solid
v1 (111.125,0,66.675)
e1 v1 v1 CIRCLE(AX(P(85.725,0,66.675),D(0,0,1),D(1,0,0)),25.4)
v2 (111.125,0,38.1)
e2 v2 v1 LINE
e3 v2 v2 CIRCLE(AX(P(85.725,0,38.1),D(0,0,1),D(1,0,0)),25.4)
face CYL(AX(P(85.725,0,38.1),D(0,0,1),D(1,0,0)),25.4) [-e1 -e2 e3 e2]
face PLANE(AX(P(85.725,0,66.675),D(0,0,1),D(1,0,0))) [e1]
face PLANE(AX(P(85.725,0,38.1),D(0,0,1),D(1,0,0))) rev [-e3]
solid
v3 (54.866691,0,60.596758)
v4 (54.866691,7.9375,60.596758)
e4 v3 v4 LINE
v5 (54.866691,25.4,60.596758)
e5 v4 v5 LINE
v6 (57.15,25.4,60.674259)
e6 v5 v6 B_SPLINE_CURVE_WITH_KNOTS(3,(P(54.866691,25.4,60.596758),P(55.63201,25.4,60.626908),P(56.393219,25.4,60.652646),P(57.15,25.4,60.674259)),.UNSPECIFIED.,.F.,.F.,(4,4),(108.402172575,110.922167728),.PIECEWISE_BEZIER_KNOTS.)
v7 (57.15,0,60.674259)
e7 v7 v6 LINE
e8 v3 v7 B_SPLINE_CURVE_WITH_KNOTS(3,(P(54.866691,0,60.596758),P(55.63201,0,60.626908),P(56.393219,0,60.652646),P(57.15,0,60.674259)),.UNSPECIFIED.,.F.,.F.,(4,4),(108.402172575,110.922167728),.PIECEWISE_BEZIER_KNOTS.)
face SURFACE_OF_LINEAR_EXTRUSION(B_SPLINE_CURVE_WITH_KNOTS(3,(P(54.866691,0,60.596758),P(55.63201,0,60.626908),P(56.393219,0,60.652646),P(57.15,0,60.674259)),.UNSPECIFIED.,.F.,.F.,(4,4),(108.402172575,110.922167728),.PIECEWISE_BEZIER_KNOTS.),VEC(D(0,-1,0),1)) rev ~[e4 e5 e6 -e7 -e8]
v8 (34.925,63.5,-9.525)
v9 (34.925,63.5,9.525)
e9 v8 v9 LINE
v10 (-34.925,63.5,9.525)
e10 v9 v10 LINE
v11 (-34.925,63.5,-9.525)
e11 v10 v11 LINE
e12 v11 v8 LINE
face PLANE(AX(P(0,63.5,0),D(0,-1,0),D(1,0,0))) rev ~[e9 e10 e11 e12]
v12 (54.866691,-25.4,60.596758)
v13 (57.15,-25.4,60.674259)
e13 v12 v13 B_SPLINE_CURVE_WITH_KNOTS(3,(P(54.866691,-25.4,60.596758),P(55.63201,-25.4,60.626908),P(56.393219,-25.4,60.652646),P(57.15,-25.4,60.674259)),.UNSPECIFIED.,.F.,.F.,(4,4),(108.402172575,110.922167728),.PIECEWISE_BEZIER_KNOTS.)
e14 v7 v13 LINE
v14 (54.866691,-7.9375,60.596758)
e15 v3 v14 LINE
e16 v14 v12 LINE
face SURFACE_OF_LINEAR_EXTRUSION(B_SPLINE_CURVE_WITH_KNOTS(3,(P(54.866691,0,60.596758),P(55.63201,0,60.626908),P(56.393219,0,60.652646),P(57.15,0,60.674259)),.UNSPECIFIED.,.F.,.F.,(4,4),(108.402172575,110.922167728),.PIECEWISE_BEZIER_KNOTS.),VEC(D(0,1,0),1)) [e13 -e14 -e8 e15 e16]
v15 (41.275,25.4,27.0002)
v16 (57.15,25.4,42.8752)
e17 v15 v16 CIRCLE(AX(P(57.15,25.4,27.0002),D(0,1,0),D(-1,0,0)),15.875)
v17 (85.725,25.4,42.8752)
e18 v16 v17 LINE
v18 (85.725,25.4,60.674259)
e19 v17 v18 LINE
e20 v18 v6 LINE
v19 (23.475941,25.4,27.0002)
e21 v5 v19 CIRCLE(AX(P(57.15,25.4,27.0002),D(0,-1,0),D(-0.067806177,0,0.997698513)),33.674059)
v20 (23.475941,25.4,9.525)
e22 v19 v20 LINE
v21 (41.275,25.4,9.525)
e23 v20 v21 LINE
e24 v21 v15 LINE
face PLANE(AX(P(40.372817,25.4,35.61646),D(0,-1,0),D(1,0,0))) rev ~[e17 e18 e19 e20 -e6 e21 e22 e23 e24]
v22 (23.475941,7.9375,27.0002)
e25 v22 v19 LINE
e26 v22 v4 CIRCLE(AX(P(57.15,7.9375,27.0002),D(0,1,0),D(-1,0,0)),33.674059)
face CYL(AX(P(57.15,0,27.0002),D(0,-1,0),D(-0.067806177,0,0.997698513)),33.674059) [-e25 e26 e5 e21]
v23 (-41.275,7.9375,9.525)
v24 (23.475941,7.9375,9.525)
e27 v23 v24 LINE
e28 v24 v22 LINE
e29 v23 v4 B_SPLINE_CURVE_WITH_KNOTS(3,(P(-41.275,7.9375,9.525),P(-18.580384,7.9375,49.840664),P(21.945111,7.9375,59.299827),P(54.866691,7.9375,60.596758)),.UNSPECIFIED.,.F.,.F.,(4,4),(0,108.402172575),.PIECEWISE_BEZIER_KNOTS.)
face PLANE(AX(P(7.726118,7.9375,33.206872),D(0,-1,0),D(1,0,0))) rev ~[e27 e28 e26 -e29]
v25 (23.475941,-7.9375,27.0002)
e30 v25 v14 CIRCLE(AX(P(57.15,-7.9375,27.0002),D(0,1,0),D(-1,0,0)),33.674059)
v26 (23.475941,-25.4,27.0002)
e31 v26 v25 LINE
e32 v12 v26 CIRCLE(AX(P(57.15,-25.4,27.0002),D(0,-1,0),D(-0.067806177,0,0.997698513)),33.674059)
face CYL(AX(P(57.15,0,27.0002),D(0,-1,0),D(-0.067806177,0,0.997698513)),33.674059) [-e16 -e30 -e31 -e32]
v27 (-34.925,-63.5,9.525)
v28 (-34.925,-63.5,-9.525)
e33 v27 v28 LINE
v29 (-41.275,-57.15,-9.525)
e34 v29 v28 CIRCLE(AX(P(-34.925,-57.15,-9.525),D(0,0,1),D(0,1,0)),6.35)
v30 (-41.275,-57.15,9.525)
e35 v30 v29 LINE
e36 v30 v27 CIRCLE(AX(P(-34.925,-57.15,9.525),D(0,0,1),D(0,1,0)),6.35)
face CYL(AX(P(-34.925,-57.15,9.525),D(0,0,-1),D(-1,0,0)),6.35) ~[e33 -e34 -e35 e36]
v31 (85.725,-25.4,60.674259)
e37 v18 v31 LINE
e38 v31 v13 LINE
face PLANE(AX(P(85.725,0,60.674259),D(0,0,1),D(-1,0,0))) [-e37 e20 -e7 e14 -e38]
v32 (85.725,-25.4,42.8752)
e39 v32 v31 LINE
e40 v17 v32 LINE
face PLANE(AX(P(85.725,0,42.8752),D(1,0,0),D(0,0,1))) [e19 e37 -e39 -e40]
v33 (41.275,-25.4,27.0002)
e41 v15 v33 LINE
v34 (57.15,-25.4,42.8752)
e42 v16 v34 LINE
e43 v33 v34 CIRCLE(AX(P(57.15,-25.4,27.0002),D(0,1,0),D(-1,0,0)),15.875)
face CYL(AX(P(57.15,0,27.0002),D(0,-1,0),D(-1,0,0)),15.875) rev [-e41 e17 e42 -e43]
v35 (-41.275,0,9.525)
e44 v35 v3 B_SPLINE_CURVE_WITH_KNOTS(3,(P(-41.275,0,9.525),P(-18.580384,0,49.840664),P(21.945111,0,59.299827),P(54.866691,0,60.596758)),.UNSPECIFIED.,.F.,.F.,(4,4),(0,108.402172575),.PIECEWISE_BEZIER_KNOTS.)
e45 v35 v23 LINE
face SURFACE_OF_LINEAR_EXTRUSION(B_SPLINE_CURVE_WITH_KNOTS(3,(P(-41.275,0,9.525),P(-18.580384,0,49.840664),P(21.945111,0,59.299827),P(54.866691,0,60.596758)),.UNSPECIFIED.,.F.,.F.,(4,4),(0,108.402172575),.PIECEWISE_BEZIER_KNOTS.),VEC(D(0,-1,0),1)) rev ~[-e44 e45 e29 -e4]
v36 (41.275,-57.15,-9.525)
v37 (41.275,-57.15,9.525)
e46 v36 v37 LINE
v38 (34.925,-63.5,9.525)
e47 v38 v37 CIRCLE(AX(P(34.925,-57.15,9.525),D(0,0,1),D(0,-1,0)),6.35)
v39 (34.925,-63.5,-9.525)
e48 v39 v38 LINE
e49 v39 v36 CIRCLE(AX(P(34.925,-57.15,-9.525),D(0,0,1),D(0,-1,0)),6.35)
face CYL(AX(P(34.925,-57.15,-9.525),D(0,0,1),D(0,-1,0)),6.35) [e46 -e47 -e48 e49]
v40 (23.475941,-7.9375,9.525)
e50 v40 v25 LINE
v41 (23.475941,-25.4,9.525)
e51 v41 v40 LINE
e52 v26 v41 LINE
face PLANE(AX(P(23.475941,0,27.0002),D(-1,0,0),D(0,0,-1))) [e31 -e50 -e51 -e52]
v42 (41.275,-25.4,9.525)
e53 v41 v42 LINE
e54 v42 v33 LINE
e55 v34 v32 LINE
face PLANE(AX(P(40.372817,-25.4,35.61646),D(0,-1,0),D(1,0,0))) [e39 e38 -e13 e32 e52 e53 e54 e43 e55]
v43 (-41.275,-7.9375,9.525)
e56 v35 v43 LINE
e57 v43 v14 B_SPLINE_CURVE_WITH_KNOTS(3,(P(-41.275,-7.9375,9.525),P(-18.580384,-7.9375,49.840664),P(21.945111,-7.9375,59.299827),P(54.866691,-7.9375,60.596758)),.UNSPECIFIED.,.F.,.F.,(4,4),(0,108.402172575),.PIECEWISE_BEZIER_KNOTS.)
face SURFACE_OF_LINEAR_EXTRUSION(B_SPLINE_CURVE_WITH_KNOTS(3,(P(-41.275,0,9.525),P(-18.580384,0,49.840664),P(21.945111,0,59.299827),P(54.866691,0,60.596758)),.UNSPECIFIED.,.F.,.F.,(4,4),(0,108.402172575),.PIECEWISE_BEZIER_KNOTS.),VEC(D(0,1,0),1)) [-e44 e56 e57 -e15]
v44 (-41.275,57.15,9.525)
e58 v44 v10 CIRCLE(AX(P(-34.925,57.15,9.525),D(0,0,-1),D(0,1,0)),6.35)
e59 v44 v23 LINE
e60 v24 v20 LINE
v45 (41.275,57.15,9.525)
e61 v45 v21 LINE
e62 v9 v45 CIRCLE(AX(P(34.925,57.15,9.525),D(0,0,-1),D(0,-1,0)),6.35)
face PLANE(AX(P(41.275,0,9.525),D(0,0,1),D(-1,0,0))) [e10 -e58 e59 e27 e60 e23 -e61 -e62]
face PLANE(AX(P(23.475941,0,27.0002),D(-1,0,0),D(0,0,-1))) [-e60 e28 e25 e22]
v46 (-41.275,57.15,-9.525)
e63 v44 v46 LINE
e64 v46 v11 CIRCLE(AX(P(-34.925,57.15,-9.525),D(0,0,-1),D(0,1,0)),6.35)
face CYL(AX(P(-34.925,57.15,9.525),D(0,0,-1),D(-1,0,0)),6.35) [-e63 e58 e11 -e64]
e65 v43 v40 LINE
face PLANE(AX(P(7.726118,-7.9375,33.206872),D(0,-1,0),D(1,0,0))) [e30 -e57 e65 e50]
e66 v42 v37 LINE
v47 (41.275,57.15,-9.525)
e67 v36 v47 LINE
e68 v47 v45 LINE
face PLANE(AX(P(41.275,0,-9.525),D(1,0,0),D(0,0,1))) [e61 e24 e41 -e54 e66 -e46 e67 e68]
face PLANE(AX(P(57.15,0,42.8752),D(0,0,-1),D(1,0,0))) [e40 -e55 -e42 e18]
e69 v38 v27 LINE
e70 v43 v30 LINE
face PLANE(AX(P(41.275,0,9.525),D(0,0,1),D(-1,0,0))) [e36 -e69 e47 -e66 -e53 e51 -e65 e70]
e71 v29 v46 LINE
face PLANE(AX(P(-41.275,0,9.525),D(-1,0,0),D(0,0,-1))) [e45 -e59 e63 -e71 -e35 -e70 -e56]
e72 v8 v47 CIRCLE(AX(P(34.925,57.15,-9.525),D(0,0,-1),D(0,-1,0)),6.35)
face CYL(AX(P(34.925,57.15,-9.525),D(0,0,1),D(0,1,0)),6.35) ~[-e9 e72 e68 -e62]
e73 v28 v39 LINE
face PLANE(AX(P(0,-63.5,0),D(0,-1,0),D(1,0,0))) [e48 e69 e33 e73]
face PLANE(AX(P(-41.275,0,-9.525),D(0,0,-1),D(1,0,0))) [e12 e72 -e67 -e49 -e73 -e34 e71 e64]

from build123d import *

# Parameters (mm, degrees)
F1_DEPTH = 63.5
F0_W     = 25.4
F0_H     = 17.7990587294
F2_DEPTH = 25.4
F3_DEPTH = 7.9375
F5_R     = 6.35


with BuildPart() as f1:
    # F0 (on Front) → F1 (new body, symmetric)
    with BuildSketch(Plane.XZ):
        Polygon((41.275, -9.525), (41.275, 9.525), (23.4759412706, 9.525), (-41.275, 9.525), (-41.275, -9.525), align=None)
    extrude(amount=F1_DEPTH, both=True)

    # F0 (on Front) → F2 (join, symmetric)
    with BuildSketch(Plane.XZ):
        with BuildLine():
            Line((23.4759412706, 9.525), (41.275, 9.525))
            Line((41.275, 9.525), (41.275, 27.0002))
            ThreePointArc((41.275, 27.0002), (45.9246798487, 38.2255201513), (57.15, 42.8752))
            Line((57.15, 42.8752), (60.325, 42.8752))
            Line((60.325, 42.8752), (60.325, 60.6742587294))
            Line((60.325, 60.6742587294), (57.15, 60.6742587294))
            add(Edge.make_bspline(
                [(54.8666908018, 60.5967583121), (55.6320096109, 60.626907703), (56.3932191874, 60.6526461412), (57.15, 60.6742587294)],
                knots=[108.4021725751, 108.4021725751, 108.4021725751, 108.4021725751, 110.9221677284, 110.9221677284, 110.9221677284, 110.9221677284], degree=3))
            ThreePointArc((54.8666908018, 60.5967583121), (32.5448123422, 49.9899144749), (23.4759412706, 27.0002))
            Line((23.4759412706, 27.0002), (23.4759412706, 9.525))
        make_face()
        with Locations((73.025, 51.7747293647)):
            Rectangle(F0_W, F0_H)
    extrude(amount=F2_DEPTH, both=True)

    # F0 (on Front) → F3 (join, symmetric)
    with BuildSketch(Plane.XZ):
        with BuildLine():
            Line((-41.275, 9.525), (23.4759412706, 9.525))
            Line((23.4759412706, 9.525), (23.4759412706, 27.0002))
            ThreePointArc((23.4759412706, 27.0002), (32.5448123422, 49.9899144749), (54.8666908018, 60.5967583121))
            add(Edge.make_bspline(
                [(-41.275, 9.525), (-18.5803843576, 49.8406641316), (21.9451109713, 59.2998274554), (54.8666908018, 60.5967583121)],
                knots=[0, 0, 0, 0, 108.4021725751, 108.4021725751, 108.4021725751, 108.4021725751], degree=3))
        make_face()
    extrude(amount=F3_DEPTH, both=True)

    # F5
    f5_edges = [f1.edges().sort_by_distance(p)[0] for p in [
        (41.275, -63.5, 0),
        (-41.275, -63.5, 0),
        (41.275, 63.5, 0),
        (-41.275, 63.5, 0),
    ]]
    fillet(f5_edges, radius=F5_R)


with BuildPart() as f4:
    # F0 (on Front) → F4 (revolve)
    with BuildSketch(Plane.XZ):
        Polygon((85.725, 60.6742587294), (85.725, 42.8752), (85.725, 38.1), (111.125, 38.1), (111.125, 66.675), (85.725, 66.675), align=None)
    revolve(axis=Axis((85.725, 0, 52.3875), (0, 0, 1)))


solid = Compound([f1.part, f4.part])
